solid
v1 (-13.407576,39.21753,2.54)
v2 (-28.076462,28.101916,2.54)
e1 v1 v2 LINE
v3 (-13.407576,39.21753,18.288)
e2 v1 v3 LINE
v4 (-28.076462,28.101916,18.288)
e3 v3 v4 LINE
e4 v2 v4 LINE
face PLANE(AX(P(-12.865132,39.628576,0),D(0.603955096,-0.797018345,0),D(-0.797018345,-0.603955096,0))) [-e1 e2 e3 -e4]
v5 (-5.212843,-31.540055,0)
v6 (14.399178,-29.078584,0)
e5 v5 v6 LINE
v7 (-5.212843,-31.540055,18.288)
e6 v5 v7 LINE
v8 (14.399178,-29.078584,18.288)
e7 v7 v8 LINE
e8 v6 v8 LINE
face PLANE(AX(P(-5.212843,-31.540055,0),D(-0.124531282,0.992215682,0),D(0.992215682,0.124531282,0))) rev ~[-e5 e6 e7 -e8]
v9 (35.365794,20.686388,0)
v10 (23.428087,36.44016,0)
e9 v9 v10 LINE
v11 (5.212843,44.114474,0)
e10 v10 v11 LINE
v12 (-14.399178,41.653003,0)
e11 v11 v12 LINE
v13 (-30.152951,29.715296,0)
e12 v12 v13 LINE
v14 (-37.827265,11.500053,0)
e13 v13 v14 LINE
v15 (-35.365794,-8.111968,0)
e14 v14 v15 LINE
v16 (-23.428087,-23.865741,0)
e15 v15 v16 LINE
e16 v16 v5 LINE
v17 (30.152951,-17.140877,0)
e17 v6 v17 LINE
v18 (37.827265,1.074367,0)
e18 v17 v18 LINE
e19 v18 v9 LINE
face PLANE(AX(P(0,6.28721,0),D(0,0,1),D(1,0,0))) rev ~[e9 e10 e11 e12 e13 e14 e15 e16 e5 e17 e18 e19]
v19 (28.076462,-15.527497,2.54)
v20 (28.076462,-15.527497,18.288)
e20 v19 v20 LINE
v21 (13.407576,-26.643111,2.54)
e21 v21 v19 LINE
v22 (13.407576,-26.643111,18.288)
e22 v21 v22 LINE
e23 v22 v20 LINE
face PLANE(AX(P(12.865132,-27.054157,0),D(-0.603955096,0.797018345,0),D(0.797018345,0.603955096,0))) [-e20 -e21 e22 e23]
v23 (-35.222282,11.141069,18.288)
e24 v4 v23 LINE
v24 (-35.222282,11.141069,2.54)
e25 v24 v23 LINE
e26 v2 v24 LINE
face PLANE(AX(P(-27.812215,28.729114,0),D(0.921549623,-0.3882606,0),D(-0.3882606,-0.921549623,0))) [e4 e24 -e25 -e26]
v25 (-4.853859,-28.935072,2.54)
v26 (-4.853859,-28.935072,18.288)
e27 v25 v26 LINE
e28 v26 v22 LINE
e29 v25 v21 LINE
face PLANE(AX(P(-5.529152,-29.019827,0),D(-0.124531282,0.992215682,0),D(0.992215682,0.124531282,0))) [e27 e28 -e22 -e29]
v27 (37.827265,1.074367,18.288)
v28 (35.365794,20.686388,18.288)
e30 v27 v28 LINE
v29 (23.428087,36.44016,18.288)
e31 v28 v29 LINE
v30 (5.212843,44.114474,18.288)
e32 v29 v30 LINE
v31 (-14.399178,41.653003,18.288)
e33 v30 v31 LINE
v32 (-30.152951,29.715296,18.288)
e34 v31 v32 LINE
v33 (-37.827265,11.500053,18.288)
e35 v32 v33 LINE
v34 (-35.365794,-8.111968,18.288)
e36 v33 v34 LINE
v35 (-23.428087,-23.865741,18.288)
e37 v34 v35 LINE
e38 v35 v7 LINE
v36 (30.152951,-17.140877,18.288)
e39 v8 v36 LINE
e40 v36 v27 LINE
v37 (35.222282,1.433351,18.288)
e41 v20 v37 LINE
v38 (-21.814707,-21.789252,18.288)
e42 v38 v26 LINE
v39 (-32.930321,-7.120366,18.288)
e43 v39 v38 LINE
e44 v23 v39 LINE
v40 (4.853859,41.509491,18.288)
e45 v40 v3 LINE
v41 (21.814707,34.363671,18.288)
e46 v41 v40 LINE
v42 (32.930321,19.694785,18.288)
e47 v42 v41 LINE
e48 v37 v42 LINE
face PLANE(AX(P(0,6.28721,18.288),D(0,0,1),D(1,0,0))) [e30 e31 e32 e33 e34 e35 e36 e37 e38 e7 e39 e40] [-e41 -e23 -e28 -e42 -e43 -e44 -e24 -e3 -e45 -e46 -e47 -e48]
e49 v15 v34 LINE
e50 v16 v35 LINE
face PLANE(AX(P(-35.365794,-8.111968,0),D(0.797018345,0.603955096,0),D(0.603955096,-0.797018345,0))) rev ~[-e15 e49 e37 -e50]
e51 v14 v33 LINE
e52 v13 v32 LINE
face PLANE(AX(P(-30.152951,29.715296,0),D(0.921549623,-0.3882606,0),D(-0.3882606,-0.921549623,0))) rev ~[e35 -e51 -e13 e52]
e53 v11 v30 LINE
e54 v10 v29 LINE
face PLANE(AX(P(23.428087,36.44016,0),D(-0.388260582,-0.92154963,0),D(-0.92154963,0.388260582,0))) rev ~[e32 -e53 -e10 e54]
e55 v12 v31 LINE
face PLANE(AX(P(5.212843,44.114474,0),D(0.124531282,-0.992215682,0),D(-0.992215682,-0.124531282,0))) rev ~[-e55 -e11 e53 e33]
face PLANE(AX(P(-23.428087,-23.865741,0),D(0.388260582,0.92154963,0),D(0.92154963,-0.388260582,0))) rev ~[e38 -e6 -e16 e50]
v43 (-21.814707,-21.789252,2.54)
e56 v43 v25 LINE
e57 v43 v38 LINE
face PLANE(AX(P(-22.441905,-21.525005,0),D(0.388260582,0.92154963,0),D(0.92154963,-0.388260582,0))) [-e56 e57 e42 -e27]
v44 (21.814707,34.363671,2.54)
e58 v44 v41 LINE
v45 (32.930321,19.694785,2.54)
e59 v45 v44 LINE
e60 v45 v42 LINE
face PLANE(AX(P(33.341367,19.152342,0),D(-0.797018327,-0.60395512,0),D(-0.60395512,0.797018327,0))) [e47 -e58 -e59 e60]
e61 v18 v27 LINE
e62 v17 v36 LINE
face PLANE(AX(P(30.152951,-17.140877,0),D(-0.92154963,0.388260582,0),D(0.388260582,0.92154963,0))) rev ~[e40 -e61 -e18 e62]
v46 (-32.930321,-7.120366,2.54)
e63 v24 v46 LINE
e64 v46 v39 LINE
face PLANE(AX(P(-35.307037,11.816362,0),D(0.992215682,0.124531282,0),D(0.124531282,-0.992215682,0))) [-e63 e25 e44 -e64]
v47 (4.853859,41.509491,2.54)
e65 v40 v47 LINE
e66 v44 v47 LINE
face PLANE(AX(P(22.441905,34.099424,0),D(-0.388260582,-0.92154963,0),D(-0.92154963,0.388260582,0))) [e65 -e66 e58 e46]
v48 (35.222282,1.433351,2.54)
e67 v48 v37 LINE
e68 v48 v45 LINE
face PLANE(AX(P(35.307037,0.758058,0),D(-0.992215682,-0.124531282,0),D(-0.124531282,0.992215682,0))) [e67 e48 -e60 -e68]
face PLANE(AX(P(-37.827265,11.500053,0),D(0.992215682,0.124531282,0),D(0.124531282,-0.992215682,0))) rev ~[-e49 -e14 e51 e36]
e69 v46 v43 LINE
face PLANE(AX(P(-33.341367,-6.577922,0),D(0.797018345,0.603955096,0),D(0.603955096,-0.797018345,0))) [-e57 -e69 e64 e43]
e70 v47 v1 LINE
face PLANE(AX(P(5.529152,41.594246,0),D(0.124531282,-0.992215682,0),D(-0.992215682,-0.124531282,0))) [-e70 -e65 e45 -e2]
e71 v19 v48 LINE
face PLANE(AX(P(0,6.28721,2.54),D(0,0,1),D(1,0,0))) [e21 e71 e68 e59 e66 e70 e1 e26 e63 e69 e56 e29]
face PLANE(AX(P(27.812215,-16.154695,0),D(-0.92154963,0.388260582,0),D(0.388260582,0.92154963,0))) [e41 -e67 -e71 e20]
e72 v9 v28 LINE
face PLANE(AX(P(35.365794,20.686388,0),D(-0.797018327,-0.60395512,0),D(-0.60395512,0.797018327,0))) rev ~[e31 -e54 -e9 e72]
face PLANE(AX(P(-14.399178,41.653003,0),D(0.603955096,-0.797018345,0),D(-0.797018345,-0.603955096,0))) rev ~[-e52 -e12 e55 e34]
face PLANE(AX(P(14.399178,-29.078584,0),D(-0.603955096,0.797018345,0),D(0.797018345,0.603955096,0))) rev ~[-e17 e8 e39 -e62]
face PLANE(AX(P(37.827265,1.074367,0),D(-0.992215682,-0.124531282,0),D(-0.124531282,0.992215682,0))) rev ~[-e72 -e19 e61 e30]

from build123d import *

# Parameters (mm, degrees)
F1_DEPTH = 18.288
F2_T     = -177.8
F3_T     = -2.54


with BuildPart() as f1:
    # F0 (on Top) → F1 (new body)
    with BuildSketch(Plane.XY):
        Polygon((5.212843, 44.114474), (-14.399178, 41.653003), (-30.152951, 29.715296), (-37.827265, 11.500053), (-35.365794, -8.111968), (-23.428087, -23.865741), (-5.212843, -31.540055), (14.399178, -29.078584), (30.152951, -17.140877), (37.827265, 1.074367), (35.365794, 20.686388), (23.428087, 36.44016), align=None)
    extrude(amount=F1_DEPTH)

    # F2
    f2_openings = [f1.faces().sort_by_distance(p)[0] for p in [
        (0, 6.28721, 18.288),
    ]]
    offset(amount=F2_T, openings=f2_openings)

    # F3
    f3_openings = [f1.faces().sort_by_distance(p)[0] for p in [
        (0, 6.28721, 18.288),
    ]]
    offset(amount=F3_T, openings=f3_openings)


solid = f1.part
